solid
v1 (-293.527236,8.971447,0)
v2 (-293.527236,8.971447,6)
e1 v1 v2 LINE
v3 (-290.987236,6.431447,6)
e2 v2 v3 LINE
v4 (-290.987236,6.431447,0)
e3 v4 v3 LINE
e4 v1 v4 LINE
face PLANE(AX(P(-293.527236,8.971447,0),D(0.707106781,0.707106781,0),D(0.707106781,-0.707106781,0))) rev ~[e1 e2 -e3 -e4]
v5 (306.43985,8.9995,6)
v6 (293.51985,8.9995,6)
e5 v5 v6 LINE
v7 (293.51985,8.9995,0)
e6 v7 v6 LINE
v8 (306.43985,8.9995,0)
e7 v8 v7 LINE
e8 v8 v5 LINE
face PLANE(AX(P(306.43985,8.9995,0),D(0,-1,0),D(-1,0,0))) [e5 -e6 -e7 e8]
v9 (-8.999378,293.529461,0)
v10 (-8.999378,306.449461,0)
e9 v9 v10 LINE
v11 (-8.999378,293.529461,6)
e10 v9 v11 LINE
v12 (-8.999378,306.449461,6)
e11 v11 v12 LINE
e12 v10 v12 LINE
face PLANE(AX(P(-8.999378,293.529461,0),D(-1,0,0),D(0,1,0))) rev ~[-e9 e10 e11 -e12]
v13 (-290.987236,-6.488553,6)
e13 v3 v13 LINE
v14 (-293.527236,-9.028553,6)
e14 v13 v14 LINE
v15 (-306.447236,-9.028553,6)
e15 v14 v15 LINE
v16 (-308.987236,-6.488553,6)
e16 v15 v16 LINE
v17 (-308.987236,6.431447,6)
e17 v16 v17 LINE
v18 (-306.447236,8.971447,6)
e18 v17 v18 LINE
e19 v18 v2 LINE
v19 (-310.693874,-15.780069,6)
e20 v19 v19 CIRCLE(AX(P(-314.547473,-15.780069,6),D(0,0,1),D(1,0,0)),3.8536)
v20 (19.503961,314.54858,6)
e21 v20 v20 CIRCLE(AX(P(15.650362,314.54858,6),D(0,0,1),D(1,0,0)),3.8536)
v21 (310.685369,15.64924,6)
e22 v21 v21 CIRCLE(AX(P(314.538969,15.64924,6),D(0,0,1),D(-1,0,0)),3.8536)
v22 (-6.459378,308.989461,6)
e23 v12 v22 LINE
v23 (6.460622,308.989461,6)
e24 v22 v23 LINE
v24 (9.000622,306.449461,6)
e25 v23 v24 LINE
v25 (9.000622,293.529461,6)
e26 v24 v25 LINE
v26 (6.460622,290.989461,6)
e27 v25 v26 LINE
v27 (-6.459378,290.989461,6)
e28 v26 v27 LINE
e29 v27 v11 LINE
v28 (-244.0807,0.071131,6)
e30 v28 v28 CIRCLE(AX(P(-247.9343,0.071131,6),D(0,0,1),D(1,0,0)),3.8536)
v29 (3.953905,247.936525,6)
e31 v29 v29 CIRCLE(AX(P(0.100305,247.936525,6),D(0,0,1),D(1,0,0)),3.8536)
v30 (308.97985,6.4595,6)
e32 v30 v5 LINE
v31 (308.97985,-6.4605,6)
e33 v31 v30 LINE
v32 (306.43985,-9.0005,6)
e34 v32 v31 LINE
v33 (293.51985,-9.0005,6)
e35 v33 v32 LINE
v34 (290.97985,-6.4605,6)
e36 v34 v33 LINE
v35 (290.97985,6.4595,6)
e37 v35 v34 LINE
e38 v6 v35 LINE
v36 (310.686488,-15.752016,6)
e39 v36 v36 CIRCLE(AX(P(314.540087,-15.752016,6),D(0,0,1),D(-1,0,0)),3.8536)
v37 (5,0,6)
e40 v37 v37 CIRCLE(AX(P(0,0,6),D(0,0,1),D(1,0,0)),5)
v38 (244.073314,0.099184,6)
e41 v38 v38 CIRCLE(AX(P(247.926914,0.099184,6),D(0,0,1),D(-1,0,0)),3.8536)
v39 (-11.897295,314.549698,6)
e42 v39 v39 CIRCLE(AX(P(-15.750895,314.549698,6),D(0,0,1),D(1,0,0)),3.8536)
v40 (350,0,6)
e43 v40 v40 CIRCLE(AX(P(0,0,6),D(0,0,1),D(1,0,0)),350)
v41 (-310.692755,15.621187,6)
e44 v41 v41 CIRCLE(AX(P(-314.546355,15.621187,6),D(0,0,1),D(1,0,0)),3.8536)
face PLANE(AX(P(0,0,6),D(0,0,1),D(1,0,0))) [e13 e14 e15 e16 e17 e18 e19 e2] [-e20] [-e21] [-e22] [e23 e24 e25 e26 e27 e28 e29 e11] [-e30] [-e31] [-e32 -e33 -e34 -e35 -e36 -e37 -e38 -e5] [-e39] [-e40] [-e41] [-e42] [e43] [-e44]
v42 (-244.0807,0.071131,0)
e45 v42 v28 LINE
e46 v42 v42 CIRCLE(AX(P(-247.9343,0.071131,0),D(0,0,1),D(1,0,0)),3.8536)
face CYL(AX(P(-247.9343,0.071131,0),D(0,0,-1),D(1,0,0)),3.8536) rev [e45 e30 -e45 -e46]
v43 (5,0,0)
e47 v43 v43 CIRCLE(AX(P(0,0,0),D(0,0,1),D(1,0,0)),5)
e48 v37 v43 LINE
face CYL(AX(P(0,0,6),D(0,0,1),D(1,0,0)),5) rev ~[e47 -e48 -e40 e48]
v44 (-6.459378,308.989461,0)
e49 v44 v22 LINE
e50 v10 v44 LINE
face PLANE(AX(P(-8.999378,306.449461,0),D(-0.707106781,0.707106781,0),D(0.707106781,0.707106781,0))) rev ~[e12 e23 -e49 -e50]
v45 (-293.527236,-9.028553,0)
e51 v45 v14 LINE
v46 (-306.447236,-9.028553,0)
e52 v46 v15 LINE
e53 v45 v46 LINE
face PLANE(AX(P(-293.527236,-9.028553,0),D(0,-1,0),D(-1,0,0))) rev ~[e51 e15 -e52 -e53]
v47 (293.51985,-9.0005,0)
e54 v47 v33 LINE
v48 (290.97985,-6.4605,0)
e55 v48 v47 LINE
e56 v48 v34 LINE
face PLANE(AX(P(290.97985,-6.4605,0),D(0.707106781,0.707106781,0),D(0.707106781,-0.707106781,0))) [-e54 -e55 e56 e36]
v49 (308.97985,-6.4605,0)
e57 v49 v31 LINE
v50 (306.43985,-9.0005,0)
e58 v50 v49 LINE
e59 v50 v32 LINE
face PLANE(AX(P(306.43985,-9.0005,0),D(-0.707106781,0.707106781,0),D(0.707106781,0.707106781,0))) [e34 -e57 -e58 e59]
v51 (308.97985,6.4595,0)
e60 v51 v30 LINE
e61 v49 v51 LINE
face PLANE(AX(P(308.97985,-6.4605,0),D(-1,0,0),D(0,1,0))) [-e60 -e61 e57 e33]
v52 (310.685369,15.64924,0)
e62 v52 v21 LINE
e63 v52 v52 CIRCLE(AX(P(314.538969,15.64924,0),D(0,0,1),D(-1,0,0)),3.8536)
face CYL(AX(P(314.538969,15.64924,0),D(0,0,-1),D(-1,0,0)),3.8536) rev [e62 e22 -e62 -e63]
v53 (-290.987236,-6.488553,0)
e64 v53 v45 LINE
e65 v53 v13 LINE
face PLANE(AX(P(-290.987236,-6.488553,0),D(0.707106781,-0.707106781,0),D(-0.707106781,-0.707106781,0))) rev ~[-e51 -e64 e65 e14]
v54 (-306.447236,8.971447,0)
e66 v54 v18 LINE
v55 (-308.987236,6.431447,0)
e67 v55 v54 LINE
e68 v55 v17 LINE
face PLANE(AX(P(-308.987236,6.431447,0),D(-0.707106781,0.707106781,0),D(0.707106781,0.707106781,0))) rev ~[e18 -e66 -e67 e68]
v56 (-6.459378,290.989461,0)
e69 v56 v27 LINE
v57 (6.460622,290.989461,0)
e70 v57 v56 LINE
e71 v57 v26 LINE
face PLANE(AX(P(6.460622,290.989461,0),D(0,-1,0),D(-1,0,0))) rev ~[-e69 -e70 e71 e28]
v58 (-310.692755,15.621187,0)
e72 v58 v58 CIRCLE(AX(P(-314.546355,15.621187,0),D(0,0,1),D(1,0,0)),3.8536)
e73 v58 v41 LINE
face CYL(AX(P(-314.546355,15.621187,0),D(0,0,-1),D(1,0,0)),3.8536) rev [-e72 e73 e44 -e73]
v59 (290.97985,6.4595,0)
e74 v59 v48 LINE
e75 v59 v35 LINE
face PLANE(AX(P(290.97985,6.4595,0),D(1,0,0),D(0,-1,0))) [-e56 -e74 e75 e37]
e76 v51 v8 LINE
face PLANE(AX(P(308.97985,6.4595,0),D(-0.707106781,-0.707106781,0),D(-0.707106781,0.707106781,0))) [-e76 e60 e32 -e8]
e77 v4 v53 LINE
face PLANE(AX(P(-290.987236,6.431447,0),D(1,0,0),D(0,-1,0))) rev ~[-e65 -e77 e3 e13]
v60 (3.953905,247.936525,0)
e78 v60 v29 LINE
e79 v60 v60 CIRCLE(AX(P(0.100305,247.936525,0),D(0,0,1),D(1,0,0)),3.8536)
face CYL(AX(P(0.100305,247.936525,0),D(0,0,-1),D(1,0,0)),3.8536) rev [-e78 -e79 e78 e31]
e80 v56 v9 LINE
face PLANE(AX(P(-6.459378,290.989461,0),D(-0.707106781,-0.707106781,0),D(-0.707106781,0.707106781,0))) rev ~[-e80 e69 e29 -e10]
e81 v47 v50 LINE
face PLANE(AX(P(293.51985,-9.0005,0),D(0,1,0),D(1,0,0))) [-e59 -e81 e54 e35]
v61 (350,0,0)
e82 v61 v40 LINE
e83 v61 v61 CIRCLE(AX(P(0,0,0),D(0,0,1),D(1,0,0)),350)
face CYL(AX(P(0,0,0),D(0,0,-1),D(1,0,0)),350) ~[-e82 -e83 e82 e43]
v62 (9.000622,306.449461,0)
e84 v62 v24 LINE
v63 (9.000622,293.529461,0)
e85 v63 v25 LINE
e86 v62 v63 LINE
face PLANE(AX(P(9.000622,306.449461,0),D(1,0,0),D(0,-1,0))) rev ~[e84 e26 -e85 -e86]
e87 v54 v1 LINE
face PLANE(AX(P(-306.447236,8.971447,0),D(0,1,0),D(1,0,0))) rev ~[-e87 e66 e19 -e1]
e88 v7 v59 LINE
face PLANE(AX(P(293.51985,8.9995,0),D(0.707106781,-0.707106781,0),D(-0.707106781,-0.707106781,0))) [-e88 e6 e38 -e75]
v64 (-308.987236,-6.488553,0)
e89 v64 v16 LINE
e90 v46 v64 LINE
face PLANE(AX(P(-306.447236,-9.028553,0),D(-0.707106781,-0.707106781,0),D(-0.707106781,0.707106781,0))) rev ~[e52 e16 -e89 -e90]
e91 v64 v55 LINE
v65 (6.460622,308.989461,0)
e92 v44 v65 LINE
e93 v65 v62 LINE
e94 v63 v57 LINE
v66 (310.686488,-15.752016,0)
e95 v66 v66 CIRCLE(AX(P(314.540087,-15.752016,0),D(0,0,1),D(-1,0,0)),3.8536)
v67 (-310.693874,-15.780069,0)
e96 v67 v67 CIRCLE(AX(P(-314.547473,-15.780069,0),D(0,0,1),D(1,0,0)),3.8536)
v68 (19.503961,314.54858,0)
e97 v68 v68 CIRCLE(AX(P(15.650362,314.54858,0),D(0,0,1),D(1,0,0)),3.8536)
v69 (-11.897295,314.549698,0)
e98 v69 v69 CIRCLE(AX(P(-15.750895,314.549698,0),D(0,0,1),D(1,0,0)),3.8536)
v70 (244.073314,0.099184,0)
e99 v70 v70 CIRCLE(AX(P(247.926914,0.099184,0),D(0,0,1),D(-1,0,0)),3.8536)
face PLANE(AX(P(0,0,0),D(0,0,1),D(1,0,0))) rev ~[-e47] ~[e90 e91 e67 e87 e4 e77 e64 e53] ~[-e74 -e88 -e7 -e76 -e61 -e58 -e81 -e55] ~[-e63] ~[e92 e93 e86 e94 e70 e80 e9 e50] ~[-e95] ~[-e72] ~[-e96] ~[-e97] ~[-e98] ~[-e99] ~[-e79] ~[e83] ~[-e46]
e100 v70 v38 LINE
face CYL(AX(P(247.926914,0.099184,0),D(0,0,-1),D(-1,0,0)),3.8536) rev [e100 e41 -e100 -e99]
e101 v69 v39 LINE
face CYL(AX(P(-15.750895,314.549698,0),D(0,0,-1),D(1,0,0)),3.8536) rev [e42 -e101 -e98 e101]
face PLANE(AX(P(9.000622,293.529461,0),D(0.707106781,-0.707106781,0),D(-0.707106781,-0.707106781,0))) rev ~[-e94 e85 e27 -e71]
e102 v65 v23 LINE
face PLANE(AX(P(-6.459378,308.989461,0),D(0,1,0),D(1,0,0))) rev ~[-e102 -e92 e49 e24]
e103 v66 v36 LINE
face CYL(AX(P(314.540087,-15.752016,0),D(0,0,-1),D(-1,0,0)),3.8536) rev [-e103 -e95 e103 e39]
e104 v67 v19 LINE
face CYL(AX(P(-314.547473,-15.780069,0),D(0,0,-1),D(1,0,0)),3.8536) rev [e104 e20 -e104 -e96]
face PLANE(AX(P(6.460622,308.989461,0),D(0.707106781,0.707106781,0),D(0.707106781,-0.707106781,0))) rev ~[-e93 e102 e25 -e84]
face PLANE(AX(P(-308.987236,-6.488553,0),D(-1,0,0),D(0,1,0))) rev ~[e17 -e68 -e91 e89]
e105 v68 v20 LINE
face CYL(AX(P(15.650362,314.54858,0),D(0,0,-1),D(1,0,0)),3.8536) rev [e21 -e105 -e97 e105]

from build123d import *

# Parameters (mm, degrees)
SKETCH1_R           = 350
SKETCH1_R_2         = 3.853599608
BOSS_EXTRUDE1_DEPTH = 6
SKETCH3_R           = 5
CUT_EXTRUDE1_DEPTH  = 23


with BuildPart() as part:
    # Sketch1 → Boss-Extrude1 (new body)
    with BuildSketch(Plane.XY):
        Circle(SKETCH1_R)
        with Locations((-15.75089486, 314.549698435)):
            Circle(SKETCH1_R_2, mode=Mode.SUBTRACT)
        with Locations((15.650361768, 314.54857996)):
            Circle(SKETCH1_R_2, mode=Mode.SUBTRACT)
        with Locations((0.100305228, 247.936525061)):
            Circle(SKETCH1_R_2, mode=Mode.SUBTRACT)
        with Locations((-314.54747334, -15.780069307)):
            Circle(SKETCH1_R_2, mode=Mode.SUBTRACT)
        with Locations((-314.546354865, 15.621187321)):
            Circle(SKETCH1_R_2, mode=Mode.SUBTRACT)
        with Locations((-247.934299965, 0.071130781)):
            Circle(SKETCH1_R_2, mode=Mode.SUBTRACT)
        with Locations(Location((247.926914103, 0.099183743, 0), (0, 0, 180))):
            Circle(SKETCH1_R_2, mode=Mode.SUBTRACT)
        with Locations(Location((314.538969003, 15.649240284, 0), (0, 0, 180))):
            Circle(SKETCH1_R_2, mode=Mode.SUBTRACT)
        with Locations(Location((314.540087478, -15.752016345, 0), (0, 0, 180))):
            Circle(SKETCH1_R_2, mode=Mode.SUBTRACT)
        Polygon((9.000621865, 306.449460756), (9.000621865, 293.529460756), (6.460621865, 290.989460756), (-6.459378135, 290.989460756), (-8.999378135, 293.529460756), (-8.999378135, 306.449460756), (-6.459378135, 308.989460756), (6.460621865, 308.989460756), align=None, mode=Mode.SUBTRACT)
        Polygon((-306.44723566, 8.971447418), (-293.52723566, 8.971447418), (-290.98723566, 6.431447418), (-290.98723566, -6.488552582), (-293.52723566, -9.028552582), (-306.44723566, -9.028552582), (-308.98723566, -6.488552582), (-308.98723566, 6.431447418), align=None, mode=Mode.SUBTRACT)
        Polygon((308.979849798, 6.459500381), (306.439849798, 8.999500381), (293.519849798, 8.999500381), (290.979849798, 6.459500381), (290.979849798, -6.460499619), (293.519849798, -9.000499619), (306.439849798, -9.000499619), (308.979849798, -6.460499619), align=None, mode=Mode.SUBTRACT)
    extrude(amount=BOSS_EXTRUDE1_DEPTH)

    # Sketch3 → Cut-Extrude1 (cut)
    with BuildSketch(Plane.XY.offset(6)):
        Circle(SKETCH3_R)
    extrude(amount=-CUT_EXTRUDE1_DEPTH, mode=Mode.SUBTRACT)


solid = part.part
